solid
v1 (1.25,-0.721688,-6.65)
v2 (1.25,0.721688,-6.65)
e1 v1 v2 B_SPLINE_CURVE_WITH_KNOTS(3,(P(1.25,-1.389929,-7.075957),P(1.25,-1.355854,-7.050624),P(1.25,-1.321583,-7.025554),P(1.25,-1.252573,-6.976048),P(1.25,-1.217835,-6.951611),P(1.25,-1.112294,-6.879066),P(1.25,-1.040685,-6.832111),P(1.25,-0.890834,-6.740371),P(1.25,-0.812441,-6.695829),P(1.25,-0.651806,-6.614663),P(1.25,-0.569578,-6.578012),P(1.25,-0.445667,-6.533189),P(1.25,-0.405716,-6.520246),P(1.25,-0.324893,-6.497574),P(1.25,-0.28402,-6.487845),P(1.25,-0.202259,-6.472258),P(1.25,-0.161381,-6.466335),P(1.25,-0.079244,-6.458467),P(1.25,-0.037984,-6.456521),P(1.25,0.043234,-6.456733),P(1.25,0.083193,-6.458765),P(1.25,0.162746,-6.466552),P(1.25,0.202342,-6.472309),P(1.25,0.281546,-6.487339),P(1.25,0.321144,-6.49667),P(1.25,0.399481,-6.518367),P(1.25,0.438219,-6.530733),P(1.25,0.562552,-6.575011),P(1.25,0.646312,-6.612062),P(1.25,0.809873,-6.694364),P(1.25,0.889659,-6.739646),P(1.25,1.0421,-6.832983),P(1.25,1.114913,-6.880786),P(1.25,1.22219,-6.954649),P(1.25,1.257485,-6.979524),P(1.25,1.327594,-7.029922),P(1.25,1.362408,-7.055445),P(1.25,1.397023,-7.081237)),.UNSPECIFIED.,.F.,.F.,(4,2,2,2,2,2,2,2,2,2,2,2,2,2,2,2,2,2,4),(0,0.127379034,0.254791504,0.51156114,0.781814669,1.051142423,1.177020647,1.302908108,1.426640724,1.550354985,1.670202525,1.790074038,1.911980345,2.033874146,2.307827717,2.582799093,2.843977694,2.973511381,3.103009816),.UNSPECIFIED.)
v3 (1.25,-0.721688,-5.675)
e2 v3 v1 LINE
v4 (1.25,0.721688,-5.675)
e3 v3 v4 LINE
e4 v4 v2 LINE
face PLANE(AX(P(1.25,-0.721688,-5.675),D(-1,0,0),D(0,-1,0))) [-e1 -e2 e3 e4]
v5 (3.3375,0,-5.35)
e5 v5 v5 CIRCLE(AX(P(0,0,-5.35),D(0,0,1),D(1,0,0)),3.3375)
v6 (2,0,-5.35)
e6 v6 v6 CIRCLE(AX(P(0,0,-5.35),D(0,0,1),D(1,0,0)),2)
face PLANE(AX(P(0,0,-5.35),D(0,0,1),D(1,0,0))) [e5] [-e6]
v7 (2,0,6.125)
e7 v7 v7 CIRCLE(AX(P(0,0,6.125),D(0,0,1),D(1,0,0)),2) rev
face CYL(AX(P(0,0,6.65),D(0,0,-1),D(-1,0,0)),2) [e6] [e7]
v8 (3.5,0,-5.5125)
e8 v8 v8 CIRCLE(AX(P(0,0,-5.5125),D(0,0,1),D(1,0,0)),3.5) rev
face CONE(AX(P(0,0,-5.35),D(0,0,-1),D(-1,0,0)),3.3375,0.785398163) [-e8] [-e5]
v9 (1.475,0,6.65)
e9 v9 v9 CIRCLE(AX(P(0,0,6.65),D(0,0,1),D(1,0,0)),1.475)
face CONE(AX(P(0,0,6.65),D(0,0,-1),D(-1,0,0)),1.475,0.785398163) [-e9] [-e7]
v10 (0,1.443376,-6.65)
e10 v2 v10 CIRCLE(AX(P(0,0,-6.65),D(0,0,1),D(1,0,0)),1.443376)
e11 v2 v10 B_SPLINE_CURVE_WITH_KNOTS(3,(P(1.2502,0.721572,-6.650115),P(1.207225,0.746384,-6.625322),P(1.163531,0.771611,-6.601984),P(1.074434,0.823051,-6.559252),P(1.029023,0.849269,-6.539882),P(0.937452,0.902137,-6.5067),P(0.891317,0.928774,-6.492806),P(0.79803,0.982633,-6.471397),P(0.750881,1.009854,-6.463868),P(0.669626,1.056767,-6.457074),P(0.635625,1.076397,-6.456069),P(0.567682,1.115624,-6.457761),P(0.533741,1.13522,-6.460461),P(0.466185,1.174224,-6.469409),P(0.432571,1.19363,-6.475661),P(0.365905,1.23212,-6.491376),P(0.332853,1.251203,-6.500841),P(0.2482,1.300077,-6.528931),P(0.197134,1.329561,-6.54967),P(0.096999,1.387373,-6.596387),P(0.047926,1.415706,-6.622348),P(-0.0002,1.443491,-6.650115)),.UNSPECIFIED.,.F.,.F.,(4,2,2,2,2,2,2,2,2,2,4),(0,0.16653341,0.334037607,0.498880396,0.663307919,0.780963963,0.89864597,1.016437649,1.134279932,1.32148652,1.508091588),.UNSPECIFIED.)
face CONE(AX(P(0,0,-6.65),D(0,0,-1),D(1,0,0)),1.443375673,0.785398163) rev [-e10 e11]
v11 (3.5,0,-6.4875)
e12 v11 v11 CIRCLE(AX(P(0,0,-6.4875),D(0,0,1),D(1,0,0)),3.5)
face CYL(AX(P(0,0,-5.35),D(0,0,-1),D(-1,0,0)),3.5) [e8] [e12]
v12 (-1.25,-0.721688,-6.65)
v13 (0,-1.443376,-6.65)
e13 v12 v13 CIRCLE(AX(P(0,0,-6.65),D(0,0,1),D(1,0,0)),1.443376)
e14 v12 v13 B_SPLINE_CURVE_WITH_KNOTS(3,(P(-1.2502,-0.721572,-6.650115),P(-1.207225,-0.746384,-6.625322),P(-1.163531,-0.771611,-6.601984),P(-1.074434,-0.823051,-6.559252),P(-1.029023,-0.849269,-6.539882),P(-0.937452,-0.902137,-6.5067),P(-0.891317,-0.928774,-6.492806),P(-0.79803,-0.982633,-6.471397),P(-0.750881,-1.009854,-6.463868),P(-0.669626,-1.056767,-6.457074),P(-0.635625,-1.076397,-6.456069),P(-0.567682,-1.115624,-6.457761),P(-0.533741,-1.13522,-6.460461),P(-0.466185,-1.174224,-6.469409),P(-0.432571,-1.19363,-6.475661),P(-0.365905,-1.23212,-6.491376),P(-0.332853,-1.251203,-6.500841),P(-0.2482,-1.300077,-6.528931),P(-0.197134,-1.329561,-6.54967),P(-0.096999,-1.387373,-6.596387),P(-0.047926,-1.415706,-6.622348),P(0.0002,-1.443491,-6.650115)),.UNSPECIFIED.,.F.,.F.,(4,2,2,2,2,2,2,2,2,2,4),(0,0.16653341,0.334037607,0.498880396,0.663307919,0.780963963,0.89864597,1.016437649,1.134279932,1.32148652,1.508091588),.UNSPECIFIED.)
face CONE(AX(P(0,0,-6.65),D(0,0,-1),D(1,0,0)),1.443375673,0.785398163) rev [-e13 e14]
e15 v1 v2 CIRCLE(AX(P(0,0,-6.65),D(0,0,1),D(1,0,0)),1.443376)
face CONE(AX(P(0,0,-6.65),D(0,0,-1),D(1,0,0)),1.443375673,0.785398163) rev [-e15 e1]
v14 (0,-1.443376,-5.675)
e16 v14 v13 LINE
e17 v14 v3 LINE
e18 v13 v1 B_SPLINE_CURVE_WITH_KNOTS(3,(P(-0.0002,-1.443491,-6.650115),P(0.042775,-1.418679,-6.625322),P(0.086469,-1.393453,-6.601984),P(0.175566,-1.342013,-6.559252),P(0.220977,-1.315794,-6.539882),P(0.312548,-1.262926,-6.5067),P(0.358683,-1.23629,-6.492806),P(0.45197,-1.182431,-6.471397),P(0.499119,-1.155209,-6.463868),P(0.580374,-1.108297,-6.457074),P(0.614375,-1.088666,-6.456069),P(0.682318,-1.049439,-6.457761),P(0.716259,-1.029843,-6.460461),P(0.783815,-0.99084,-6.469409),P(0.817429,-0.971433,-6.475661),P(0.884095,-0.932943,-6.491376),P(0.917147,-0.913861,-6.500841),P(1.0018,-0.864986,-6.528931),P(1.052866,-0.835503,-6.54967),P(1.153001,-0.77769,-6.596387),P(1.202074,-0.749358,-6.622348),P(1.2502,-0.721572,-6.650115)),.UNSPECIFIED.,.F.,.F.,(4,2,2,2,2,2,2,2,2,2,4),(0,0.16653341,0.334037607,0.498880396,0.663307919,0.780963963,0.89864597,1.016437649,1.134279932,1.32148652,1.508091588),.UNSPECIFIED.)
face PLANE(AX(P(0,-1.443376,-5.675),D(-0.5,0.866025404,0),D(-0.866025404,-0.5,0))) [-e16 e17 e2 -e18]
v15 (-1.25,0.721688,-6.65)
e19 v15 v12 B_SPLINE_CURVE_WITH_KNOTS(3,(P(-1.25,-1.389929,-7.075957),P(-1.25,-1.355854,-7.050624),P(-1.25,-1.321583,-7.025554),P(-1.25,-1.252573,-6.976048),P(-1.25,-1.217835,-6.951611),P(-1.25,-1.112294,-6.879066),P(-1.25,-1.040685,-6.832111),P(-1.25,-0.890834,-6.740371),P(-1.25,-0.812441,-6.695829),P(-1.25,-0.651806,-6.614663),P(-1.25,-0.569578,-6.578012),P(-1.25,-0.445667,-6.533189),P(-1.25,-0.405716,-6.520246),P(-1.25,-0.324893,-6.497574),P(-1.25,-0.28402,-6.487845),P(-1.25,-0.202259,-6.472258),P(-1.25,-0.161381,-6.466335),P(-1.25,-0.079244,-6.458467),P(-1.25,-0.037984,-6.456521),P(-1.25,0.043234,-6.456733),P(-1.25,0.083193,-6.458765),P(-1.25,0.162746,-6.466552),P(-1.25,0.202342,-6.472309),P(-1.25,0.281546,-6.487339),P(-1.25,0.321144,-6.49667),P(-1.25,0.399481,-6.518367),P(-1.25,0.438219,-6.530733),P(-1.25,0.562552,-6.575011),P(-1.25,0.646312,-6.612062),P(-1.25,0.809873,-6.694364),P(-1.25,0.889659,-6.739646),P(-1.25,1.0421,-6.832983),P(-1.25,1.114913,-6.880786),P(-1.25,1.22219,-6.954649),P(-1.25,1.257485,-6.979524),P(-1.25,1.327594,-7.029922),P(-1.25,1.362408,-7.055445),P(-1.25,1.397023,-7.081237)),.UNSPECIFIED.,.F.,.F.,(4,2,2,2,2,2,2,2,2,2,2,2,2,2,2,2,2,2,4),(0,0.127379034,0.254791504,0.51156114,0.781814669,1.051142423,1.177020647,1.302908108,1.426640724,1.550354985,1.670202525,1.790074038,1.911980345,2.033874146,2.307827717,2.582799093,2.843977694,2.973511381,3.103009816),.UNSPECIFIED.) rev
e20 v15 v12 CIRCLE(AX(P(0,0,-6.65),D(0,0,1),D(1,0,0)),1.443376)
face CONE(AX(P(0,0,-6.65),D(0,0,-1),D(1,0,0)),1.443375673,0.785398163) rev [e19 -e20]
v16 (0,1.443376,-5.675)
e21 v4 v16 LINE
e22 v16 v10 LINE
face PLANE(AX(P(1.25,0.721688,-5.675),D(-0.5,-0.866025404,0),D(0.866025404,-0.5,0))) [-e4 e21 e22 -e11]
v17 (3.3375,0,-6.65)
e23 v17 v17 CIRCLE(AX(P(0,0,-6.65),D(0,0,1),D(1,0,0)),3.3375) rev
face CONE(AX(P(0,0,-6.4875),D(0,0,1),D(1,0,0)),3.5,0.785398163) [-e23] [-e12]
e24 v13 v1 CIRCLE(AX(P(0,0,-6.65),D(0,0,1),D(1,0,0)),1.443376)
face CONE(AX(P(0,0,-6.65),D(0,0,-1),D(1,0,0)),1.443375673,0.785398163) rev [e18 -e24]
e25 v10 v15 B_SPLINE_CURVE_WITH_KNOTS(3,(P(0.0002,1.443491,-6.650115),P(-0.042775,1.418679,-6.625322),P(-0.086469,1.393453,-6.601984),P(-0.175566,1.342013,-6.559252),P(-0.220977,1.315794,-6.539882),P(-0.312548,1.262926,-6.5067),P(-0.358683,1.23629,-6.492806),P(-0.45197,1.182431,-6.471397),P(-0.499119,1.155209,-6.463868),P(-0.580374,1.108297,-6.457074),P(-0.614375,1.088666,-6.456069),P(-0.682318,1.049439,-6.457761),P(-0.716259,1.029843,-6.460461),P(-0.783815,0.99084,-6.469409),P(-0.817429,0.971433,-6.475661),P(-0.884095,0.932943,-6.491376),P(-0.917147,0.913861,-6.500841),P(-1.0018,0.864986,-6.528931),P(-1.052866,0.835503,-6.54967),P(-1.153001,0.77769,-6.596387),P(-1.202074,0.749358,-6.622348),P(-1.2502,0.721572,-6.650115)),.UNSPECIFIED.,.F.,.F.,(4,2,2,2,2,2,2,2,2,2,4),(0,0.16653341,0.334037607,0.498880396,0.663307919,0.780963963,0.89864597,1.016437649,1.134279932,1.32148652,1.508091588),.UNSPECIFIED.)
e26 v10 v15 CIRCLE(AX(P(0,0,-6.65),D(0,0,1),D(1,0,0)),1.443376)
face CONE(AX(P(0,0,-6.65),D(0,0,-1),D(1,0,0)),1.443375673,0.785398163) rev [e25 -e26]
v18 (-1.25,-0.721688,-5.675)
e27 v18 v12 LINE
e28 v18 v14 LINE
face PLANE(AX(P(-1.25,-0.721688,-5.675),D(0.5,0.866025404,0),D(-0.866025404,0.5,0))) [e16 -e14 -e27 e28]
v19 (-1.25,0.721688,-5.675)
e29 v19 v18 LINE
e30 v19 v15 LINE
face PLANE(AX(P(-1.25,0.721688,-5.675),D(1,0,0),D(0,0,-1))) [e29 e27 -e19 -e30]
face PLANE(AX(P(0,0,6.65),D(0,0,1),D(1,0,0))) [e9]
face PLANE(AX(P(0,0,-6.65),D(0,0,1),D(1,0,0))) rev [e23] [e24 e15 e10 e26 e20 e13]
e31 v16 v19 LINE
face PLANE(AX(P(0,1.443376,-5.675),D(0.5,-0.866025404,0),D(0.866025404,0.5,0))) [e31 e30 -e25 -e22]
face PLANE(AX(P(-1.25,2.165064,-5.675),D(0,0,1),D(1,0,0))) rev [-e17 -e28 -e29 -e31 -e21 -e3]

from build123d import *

# Parameters (mm, degrees)
EXTRUDE1_START     = -5.35
SKETCH1_R          = 2
EXTRUDE1_DEPTH     = 12
EXTRUDE2_START     = -6.65
SKETCH6_R          = 3.5
EXTRUDE2_DEPTH     = 1.3
CUT_EXTRUDE1_DEPTH = 0.975
SKETCH8_R          = 1.443375673
CUT_EXTRUDE2_DEPTH = 0.975
CUT_EXTRUDE2_TAPER = 45
CHAMFER1_SIZE      = 0.1625
CHAMFER2_SIZE      = 0.525


with BuildPart() as part:
    # Sketch1 → Extrude1 (new body)
    with BuildSketch(Plane.XY.offset(EXTRUDE1_START)):
        Circle(SKETCH1_R)
    extrude(amount=EXTRUDE1_DEPTH)

    # Sketch6 → Extrude2 (add)
    with BuildSketch(Plane.XY.offset(EXTRUDE2_START)):
        Circle(SKETCH6_R)
    extrude(amount=EXTRUDE2_DEPTH)

    # Sketch7 → Cut-Extrude1 (cut)
    with BuildSketch(Plane.XY.offset(-6.65)):
        Polygon((0, 1.443375673), (-1.25, 0.721687836), (-1.25, -0.721687836), (0, -1.443375673), (1.25, -0.721687836), (1.25, 0.721687836), align=None)
    extrude(amount=CUT_EXTRUDE1_DEPTH, mode=Mode.SUBTRACT)

    # Sketch8 → Cut-Extrude2 (cut)
    with BuildSketch(Plane.XY.offset(-6.65)):
        Circle(SKETCH8_R)
    extrude(amount=CUT_EXTRUDE2_DEPTH, taper=CUT_EXTRUDE2_TAPER, mode=Mode.SUBTRACT)

    # Chamfer1
    chamfer1_edges = [part.edges().sort_by_distance(p)[0] for p in [
        (-3.5, 0, -5.35),
        (-3.5, 0, -6.65),
    ]]
    chamfer(chamfer1_edges, length=CHAMFER1_SIZE)

    # Chamfer2
    chamfer2_edges = [part.edges().sort_by_distance(p)[0] for p in [
        (-2, 0, 6.65),
    ]]
    chamfer(chamfer2_edges, length=CHAMFER2_SIZE)


solid = part.part
